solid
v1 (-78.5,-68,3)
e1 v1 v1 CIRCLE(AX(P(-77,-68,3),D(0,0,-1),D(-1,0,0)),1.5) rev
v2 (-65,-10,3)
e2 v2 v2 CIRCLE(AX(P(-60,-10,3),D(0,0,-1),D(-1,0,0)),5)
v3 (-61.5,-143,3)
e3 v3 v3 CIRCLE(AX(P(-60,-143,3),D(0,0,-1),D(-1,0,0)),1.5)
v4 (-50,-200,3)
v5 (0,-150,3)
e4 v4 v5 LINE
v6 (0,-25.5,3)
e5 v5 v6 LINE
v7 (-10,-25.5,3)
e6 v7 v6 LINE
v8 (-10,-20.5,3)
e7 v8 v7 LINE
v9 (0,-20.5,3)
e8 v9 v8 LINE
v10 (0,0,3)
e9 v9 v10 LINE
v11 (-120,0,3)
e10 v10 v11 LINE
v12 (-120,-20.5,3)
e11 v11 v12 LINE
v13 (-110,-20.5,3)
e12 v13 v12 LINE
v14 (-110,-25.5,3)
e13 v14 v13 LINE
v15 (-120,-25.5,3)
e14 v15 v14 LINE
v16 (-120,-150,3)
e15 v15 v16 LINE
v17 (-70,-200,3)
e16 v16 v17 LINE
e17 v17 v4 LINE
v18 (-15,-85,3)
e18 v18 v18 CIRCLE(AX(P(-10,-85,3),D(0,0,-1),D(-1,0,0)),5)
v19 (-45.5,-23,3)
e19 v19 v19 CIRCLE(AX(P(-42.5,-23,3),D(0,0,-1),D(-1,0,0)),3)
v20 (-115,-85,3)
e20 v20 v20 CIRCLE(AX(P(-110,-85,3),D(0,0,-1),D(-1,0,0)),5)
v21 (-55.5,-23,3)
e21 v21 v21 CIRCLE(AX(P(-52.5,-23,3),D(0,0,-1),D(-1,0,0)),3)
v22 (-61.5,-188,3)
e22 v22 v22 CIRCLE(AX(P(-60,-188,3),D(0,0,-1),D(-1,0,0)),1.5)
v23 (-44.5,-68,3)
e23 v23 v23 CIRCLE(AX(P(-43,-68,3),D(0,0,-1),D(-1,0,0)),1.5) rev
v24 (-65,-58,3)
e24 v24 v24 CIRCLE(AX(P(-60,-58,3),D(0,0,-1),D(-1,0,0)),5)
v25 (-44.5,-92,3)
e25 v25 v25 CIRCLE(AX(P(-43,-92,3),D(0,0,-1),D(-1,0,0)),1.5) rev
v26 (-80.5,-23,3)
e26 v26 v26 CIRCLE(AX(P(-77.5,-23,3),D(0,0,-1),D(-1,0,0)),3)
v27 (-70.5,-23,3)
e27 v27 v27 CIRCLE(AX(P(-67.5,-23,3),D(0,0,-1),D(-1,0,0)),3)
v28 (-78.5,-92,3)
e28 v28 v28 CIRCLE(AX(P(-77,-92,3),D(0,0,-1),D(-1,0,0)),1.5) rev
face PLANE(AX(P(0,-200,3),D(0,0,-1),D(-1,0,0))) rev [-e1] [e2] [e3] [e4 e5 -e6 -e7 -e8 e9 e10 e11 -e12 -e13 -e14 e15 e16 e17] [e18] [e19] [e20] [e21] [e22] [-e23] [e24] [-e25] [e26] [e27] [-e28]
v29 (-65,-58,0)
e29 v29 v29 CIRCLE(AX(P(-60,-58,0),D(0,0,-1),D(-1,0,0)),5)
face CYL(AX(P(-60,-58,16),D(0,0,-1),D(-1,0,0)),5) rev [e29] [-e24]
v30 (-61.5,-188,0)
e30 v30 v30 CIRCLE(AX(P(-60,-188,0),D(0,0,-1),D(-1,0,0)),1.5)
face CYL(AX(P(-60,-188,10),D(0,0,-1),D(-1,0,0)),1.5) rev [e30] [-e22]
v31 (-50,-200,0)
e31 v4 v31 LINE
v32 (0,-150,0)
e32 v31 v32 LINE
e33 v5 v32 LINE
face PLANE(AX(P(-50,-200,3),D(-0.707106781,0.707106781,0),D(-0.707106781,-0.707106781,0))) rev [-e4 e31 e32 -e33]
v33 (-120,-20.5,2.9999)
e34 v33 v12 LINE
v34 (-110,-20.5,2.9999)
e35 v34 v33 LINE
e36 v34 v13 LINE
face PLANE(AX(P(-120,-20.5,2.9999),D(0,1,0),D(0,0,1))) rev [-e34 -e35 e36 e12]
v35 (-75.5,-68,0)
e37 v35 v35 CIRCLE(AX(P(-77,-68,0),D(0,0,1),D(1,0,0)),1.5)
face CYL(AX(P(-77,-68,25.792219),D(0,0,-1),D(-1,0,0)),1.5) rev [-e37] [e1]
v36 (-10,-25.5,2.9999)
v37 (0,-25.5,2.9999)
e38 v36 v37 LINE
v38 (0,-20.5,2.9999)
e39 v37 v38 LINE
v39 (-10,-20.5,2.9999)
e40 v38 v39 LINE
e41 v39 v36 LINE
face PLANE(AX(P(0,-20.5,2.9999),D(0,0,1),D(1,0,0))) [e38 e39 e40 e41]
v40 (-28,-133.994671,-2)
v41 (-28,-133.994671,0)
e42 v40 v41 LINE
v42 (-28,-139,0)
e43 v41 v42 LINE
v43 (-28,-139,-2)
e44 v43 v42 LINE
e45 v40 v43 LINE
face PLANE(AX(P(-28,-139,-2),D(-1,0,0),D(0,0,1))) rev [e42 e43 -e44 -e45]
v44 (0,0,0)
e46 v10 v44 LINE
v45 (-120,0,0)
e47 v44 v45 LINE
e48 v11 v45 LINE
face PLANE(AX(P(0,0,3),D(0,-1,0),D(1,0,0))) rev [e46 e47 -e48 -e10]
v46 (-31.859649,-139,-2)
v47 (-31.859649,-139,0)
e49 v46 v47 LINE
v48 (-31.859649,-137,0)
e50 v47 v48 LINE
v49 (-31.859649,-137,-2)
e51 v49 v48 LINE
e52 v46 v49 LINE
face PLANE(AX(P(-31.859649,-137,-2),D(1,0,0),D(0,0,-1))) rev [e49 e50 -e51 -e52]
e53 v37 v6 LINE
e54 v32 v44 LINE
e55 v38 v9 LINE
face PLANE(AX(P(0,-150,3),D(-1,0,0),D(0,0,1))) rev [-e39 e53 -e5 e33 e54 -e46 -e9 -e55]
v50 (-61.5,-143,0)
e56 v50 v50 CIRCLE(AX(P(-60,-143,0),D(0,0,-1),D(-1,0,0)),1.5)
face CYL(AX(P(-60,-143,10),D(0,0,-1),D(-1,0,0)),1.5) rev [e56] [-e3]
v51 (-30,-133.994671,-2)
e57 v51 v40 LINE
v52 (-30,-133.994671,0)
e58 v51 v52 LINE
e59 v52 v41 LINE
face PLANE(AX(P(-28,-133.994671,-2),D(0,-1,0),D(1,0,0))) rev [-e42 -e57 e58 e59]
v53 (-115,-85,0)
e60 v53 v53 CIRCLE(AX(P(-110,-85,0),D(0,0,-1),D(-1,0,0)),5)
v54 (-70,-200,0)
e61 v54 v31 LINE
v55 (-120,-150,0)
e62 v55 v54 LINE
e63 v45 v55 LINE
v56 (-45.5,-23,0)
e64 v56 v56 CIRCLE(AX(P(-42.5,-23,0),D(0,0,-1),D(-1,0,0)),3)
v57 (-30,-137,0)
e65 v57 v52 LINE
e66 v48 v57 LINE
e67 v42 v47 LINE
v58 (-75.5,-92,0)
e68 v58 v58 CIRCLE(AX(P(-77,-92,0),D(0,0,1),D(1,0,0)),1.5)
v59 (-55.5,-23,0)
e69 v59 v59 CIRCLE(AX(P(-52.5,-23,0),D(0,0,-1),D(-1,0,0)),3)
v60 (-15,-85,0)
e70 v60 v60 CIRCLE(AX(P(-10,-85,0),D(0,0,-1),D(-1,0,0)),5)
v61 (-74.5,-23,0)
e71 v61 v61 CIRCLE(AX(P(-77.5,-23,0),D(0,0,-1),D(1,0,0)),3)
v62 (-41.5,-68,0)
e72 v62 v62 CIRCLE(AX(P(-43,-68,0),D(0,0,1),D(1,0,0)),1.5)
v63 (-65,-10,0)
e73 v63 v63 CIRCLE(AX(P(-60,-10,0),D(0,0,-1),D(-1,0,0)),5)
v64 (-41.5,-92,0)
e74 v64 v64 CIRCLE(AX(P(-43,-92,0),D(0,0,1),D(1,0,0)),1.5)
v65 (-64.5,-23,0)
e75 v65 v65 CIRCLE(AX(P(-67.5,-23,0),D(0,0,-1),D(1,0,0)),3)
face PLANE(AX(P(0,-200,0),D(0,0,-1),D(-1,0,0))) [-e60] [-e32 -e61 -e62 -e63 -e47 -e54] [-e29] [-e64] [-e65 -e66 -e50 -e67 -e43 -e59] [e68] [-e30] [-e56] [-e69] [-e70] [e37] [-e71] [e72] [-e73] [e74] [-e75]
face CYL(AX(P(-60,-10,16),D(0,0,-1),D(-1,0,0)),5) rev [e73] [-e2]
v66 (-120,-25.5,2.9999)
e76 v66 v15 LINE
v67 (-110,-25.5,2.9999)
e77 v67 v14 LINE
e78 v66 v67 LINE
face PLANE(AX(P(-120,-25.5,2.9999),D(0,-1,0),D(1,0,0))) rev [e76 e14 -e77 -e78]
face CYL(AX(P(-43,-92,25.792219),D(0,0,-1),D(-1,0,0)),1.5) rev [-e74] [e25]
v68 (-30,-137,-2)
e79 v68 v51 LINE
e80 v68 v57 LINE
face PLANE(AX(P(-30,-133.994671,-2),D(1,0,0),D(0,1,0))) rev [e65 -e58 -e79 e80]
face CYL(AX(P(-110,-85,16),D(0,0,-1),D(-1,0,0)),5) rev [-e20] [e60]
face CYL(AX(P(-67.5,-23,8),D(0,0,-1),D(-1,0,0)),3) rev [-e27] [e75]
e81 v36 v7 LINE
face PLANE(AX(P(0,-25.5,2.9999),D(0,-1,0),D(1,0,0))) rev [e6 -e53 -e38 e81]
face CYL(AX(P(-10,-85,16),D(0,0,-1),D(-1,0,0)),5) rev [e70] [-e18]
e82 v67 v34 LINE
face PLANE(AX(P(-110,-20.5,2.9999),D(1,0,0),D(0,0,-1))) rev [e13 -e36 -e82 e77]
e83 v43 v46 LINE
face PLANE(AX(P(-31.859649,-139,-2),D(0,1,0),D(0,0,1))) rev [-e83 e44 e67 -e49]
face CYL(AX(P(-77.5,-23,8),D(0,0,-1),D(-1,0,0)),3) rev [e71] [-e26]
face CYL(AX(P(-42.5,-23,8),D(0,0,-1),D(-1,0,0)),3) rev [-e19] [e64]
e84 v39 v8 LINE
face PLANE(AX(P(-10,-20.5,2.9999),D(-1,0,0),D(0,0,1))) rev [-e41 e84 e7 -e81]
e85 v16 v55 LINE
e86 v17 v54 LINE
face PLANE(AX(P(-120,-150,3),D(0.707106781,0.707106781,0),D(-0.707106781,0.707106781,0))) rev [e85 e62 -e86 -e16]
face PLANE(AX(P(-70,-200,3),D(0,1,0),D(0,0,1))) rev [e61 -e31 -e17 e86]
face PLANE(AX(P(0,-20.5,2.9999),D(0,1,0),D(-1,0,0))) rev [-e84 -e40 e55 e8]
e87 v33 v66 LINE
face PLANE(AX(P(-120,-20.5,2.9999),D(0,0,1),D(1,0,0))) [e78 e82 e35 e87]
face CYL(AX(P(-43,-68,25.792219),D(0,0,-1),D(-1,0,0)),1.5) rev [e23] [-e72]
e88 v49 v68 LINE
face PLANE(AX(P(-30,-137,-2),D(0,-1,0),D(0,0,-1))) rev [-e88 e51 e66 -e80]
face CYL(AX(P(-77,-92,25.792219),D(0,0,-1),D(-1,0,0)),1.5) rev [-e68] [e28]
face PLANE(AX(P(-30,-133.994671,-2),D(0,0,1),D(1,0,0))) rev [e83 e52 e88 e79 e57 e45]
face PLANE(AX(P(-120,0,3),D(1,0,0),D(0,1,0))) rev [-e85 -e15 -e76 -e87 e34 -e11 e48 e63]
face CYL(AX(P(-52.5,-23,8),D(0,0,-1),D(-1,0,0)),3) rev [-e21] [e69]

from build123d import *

# Parameters (mm, degrees)
EXTRUSION1_DEPTH        = 3
ESQUISSE4_R             = 5
ENL_V_MAT_EXTRU_3_DEPTH = 16
ESQUISSE8_R             = 3
ENL_V_MAT_EXTRU_5_DEPTH = 8
ESQUISSE9_R             = 1.5
ENL_V_MAT_EXTRU_6_DEPTH = 10
ESQUISSE11_W            = 10
ESQUISSE11_H            = 5
ENL_V_MAT_EXTRU_9_DEPTH = 0.0001
EXTRUSION2_DEPTH        = 2
ESQUISSE5_R             = 1.5
ENL_V_MAT_EXTRU_4_DEPTH = 25.792218749
ESQUISSE3_R             = 5
ENL_V_MAT_EXTRU_2_DEPTH = 16


with BuildPart() as part:
    # Esquisse1 → Extrusion1 (new body)
    with BuildSketch(Plane.XY):
        Polygon((0, 0), (-120, 0), (-120, -150), (-70, -200), (-50, -200), (0, -150), align=None)
    extrude(amount=EXTRUSION1_DEPTH)

    # Esquisse4 → Enlèv. mat.-Extru.3 (cut)
    with BuildSketch(Plane(origin=(0, 0, 0), x_dir=(-1, 0, 0), z_dir=(0, 0, -1))):
        with Locations((60, -10)):
            Circle(ESQUISSE4_R)
        with Locations((10, -85)):
            Circle(ESQUISSE4_R)
        with Locations((110, -85)):
            Circle(ESQUISSE4_R)
    extrude(amount=-ENL_V_MAT_EXTRU_3_DEPTH, mode=Mode.SUBTRACT)

    # Esquisse8 → Enlèv. mat.-Extru.5 (cut)
    with BuildSketch(Plane(origin=(0, 0, 0), x_dir=(-1, 0, 0), z_dir=(0, 0, -1))):
        with Locations((52.5, -23)):
            Circle(ESQUISSE8_R)
        with Locations((42.5, -23)):
            Circle(ESQUISSE8_R)
        with Locations((67.5, -23)):
            Circle(ESQUISSE8_R)
        with Locations((77.5, -23)):
            Circle(ESQUISSE8_R)
    extrude(amount=-ENL_V_MAT_EXTRU_5_DEPTH, mode=Mode.SUBTRACT)

    # Esquisse9 → Enlèv. mat.-Extru.6 (cut)
    with BuildSketch(Plane(origin=(0, 0, 0), x_dir=(-1, 0, 0), z_dir=(0, 0, -1))):
        with Locations((60, -143)):
            Circle(ESQUISSE9_R)
        with Locations((60, -188)):
            Circle(ESQUISSE9_R)
    extrude(amount=-ENL_V_MAT_EXTRU_6_DEPTH, mode=Mode.SUBTRACT)

    # Esquisse11 → Enlèv. mat.-Extru.9 (cut)
    with BuildSketch(Plane.XY.offset(3)):
        with Locations((-115, -23)):
            Rectangle(ESQUISSE11_W, ESQUISSE11_H)
        with Locations((-5, -23)):
            Rectangle(ESQUISSE11_W, ESQUISSE11_H)
    extrude(amount=-ENL_V_MAT_EXTRU_9_DEPTH, mode=Mode.SUBTRACT)

    # Esquisse12 → Extrusion2 (add)
    with BuildSketch(Plane(origin=(0, 0, 0), x_dir=(-1, 0, 0), z_dir=(0, 0, -1))):
        Polygon((30, -133.99467083), (30, -137), (31.859648796, -137), (31.859648796, -139), (28, -139), (28, -133.99467083), align=None)
    extrude(amount=EXTRUSION2_DEPTH)

    # Esquisse5 → Enlèv. mat.-Extru.4 (cut)
    with BuildSketch(Plane.XY):
        with Locations(Location((-77, -68, 0), (0, 0, 180))):
            Circle(ESQUISSE5_R)
        with Locations(Location((-43, -68, 0), (0, 0, 180))):
            Circle(ESQUISSE5_R)
        with Locations(Location((-43, -92, 0), (0, 0, 180))):
            Circle(ESQUISSE5_R)
        with Locations(Location((-77, -92, 0), (0, 0, 180))):
            Circle(ESQUISSE5_R)
    extrude(amount=ENL_V_MAT_EXTRU_4_DEPTH, mode=Mode.SUBTRACT)

    # Esquisse3 → Enlèv. mat.-Extru.2 (cut)
    with BuildSketch(Plane(origin=(0, 0, 0), x_dir=(-1, 0, 0), z_dir=(0, 0, -1))):
        with Locations((60, -58)):
            Circle(ESQUISSE3_R)
    extrude(amount=-ENL_V_MAT_EXTRU_2_DEPTH, mode=Mode.SUBTRACT)


solid = part.part
